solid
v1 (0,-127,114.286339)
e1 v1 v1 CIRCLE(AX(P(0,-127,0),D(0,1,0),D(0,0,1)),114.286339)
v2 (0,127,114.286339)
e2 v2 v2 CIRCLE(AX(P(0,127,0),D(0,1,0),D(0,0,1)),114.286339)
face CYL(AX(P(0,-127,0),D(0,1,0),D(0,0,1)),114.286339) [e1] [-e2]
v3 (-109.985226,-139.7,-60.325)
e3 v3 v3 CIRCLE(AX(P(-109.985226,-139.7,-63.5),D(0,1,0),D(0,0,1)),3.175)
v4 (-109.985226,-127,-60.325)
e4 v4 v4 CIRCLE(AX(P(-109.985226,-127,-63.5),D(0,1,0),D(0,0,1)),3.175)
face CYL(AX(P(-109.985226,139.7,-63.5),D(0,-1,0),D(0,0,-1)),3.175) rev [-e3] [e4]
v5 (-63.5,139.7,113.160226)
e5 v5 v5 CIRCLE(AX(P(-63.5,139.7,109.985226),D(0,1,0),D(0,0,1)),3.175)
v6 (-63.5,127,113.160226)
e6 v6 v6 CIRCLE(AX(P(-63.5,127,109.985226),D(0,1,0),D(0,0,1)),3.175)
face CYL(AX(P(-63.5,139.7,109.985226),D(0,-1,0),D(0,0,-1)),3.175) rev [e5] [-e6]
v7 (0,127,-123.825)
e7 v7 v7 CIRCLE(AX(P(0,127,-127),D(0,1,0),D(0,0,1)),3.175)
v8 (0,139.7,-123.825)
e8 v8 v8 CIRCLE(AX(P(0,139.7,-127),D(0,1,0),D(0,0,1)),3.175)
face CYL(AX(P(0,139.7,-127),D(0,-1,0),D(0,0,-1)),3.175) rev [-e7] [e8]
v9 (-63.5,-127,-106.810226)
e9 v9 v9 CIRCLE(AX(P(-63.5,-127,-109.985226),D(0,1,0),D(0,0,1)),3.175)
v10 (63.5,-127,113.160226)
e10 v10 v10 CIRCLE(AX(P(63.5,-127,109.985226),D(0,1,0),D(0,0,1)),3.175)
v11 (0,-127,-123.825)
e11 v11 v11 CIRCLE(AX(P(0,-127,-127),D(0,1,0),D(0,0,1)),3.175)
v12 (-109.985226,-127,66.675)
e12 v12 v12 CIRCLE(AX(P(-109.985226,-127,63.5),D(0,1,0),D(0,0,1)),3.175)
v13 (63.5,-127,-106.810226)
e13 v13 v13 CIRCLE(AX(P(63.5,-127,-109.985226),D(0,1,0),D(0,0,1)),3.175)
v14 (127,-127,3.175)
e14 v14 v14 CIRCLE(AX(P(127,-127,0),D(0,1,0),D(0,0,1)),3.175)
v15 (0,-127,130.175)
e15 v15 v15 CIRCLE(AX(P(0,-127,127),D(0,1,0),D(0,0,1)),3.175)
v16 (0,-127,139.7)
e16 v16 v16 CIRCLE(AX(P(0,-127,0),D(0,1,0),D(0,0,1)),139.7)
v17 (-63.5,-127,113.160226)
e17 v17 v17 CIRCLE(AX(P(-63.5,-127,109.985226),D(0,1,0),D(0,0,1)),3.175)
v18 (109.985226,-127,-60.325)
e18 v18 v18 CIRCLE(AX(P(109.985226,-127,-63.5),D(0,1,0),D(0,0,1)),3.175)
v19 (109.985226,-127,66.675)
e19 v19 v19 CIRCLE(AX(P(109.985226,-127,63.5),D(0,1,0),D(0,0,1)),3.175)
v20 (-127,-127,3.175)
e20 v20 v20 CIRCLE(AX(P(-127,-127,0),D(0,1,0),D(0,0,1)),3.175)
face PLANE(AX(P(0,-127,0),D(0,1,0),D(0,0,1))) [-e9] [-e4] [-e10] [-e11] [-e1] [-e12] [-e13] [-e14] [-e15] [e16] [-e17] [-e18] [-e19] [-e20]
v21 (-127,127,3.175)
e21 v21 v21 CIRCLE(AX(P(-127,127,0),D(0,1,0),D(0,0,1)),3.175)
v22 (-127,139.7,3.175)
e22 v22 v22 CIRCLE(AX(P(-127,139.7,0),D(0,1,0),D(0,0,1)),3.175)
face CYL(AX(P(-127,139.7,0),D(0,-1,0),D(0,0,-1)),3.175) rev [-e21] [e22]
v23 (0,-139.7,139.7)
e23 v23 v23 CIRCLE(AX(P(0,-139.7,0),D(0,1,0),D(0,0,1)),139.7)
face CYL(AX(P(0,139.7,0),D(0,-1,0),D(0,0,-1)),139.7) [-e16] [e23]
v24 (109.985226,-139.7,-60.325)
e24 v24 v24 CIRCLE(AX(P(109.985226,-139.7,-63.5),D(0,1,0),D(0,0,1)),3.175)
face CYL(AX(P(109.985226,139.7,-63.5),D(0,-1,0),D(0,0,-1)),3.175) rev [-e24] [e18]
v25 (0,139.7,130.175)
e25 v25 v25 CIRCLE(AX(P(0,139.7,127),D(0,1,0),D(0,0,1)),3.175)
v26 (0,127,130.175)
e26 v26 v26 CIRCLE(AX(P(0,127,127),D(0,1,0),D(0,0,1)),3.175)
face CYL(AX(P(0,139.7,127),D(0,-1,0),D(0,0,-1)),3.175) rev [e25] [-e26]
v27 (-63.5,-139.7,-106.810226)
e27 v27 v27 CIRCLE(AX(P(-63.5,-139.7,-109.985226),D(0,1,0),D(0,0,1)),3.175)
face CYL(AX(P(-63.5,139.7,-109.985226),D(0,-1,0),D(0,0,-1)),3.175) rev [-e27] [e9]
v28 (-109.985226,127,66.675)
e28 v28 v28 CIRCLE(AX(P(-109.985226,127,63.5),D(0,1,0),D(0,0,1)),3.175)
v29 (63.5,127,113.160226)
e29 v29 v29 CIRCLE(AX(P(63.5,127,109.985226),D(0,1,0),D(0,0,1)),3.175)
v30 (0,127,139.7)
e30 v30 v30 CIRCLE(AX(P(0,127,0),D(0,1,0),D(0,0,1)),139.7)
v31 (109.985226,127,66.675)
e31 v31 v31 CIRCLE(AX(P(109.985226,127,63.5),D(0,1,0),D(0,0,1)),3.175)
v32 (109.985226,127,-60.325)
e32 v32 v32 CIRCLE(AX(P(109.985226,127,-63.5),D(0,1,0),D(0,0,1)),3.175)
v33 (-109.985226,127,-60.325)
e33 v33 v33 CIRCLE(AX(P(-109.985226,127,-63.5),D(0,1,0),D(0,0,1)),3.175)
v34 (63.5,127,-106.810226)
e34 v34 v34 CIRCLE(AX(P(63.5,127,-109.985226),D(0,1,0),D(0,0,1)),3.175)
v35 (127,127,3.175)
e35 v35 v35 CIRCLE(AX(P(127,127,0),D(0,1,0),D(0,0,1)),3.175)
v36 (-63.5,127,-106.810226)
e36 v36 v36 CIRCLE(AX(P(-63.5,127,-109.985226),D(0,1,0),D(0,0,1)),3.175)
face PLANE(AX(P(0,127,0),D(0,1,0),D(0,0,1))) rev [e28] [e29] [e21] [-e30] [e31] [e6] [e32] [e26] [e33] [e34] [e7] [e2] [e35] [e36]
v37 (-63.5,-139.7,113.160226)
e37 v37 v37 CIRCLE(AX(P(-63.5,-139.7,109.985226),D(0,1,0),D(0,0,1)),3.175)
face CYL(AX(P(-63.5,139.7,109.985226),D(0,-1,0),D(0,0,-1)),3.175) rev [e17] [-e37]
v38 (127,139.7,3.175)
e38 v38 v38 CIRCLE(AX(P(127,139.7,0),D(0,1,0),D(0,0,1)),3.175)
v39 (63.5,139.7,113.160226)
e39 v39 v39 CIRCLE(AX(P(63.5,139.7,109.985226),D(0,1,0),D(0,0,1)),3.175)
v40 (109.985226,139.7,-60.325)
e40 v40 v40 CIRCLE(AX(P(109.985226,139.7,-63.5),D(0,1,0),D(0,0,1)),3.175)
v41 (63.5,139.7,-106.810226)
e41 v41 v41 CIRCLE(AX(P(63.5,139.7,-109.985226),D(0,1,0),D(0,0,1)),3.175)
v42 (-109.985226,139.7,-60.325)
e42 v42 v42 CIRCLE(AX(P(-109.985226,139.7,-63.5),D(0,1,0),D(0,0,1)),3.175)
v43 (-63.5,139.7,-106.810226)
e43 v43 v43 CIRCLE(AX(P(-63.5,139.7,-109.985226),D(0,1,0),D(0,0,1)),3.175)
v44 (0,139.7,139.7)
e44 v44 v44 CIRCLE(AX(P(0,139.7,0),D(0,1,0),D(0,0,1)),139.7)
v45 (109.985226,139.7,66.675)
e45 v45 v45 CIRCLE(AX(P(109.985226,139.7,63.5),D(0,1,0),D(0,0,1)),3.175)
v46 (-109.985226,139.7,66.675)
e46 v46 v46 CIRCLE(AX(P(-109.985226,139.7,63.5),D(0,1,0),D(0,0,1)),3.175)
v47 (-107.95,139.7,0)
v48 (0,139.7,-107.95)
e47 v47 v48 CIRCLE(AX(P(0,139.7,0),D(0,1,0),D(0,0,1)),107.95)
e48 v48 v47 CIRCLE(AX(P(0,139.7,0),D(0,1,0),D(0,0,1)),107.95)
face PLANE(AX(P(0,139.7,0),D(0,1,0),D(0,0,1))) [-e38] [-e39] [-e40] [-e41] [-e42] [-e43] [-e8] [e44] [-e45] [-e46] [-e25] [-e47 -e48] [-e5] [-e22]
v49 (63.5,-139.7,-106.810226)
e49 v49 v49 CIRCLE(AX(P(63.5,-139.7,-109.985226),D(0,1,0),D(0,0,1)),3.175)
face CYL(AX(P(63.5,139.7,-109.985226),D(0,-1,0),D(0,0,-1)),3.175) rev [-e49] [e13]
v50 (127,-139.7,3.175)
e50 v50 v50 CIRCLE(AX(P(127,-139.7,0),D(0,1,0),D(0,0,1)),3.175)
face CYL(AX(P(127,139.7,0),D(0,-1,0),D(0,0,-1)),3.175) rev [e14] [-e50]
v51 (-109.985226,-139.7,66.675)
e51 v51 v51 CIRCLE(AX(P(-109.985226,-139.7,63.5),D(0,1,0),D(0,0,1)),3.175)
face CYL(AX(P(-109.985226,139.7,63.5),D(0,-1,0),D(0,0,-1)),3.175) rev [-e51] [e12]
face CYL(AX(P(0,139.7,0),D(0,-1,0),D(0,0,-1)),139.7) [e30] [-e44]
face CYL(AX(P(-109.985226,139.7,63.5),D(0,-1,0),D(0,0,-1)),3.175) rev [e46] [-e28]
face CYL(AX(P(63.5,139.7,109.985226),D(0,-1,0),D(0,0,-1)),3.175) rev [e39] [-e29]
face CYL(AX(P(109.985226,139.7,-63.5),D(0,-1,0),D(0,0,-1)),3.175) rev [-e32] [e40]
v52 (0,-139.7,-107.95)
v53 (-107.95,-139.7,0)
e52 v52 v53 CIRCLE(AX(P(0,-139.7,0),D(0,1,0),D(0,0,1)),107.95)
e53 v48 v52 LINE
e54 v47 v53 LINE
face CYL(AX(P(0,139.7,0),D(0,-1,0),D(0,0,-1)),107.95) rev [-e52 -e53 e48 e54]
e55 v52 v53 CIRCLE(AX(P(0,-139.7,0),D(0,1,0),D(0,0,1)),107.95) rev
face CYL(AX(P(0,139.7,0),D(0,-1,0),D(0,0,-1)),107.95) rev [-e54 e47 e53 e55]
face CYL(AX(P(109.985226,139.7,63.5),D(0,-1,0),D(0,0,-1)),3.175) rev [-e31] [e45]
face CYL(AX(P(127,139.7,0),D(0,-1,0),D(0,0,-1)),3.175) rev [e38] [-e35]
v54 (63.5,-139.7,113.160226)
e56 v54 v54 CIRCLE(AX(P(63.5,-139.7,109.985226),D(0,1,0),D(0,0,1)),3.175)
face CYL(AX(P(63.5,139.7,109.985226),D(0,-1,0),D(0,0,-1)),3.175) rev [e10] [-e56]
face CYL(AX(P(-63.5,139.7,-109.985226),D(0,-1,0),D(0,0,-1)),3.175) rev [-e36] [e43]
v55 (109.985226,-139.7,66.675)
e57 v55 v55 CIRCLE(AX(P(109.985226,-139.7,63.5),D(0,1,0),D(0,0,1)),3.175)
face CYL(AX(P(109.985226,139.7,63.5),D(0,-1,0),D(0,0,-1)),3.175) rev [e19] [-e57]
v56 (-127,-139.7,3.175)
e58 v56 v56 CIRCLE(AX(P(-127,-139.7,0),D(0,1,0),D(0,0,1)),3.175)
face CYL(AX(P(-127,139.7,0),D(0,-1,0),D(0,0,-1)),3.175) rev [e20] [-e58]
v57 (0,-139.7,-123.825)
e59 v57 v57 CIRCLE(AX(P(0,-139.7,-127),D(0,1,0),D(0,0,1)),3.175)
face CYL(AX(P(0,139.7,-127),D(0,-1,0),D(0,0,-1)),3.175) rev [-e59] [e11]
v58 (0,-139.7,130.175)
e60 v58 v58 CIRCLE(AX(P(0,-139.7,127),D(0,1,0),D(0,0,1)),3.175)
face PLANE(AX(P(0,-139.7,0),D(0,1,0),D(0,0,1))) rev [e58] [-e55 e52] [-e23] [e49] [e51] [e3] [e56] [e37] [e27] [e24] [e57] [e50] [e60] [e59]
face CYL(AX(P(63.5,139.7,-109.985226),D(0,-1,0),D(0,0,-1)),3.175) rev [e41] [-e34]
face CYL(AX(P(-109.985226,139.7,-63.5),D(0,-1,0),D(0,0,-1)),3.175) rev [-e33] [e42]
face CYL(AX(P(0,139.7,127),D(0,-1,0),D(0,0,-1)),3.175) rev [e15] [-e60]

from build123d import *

# Parameters (mm, degrees)
SKETCH1_R           = 139.7
SKETCH1_R_2         = 107.95
SKETCH1_R_3         = 3.175
BOSS_EXTRUDE1_DEPTH = 139.7
SKETCH6_R           = 139.7
SKETCH6_R_2         = 3.175
SKETCH6_R_3         = 114.286339031
CUT_EXTRUDE4_DEPTH  = 127


with BuildPart() as part:
    # Sketch1 → Boss-Extrude1 (new body, symmetric)
    with BuildSketch(Plane(origin=(0, 0, 0), x_dir=(1, 0, 0), z_dir=(0, 1, 0))):
        Circle(SKETCH1_R)
        Circle(SKETCH1_R_2, mode=Mode.SUBTRACT)
        with Locations((0, 127)):
            Circle(SKETCH1_R_3, mode=Mode.SUBTRACT)
        with Locations((127, 0)):
            Circle(SKETCH1_R_3, mode=Mode.SUBTRACT)
        with Locations((63.5, 109.985226281)):
            Circle(SKETCH1_R_3, mode=Mode.SUBTRACT)
        with Locations((109.985226281, 63.5)):
            Circle(SKETCH1_R_3, mode=Mode.SUBTRACT)
        with Locations((109.985226281, -63.5)):
            Circle(SKETCH1_R_3, mode=Mode.SUBTRACT)
        with Locations((63.5, -109.985226281)):
            Circle(SKETCH1_R_3, mode=Mode.SUBTRACT)
        with Locations((0, -127)):
            Circle(SKETCH1_R_3, mode=Mode.SUBTRACT)
        with Locations((-63.5, -109.985226281)):
            Circle(SKETCH1_R_3, mode=Mode.SUBTRACT)
        with Locations((-109.985226281, -63.5)):
            Circle(SKETCH1_R_3, mode=Mode.SUBTRACT)
        with Locations((-127, 0)):
            Circle(SKETCH1_R_3, mode=Mode.SUBTRACT)
        with Locations((-109.985226281, 63.5)):
            Circle(SKETCH1_R_3, mode=Mode.SUBTRACT)
        with Locations((-63.5, 109.985226281)):
            Circle(SKETCH1_R_3, mode=Mode.SUBTRACT)
    extrude(amount=BOSS_EXTRUDE1_DEPTH, both=True)

    # Sketch6 → Cut-Extrude4 (cut, symmetric)
    with BuildSketch(Plane(origin=(0, 0, 0), x_dir=(1, 0, 0), z_dir=(0, 1, 0))):
        Circle(SKETCH6_R)
        with Locations((-63.5, 109.985226281)):
            Circle(SKETCH6_R_2, mode=Mode.SUBTRACT)
        with Locations((0, 127)):
            Circle(SKETCH6_R_2, mode=Mode.SUBTRACT)
        with Locations((63.5, 109.985226281)):
            Circle(SKETCH6_R_2, mode=Mode.SUBTRACT)
        with Locations((109.985226281, 63.5)):
            Circle(SKETCH6_R_2, mode=Mode.SUBTRACT)
        with Locations((127, 0)):
            Circle(SKETCH6_R_2, mode=Mode.SUBTRACT)
        with Locations((109.985226281, -63.5)):
            Circle(SKETCH6_R_2, mode=Mode.SUBTRACT)
        with Locations((63.5, -109.985226281)):
            Circle(SKETCH6_R_2, mode=Mode.SUBTRACT)
        with Locations((0, -127)):
            Circle(SKETCH6_R_2, mode=Mode.SUBTRACT)
        with Locations((-63.5, -109.985226281)):
            Circle(SKETCH6_R_2, mode=Mode.SUBTRACT)
        with Locations((-109.985226281, -63.5)):
            Circle(SKETCH6_R_2, mode=Mode.SUBTRACT)
        with Locations((-127, 0)):
            Circle(SKETCH6_R_2, mode=Mode.SUBTRACT)
        with Locations((-109.985226281, 63.5)):
            Circle(SKETCH6_R_2, mode=Mode.SUBTRACT)
        Circle(SKETCH6_R_3, mode=Mode.SUBTRACT)
    extrude(amount=CUT_EXTRUDE4_DEPTH, both=True, mode=Mode.SUBTRACT)


solid = part.part
